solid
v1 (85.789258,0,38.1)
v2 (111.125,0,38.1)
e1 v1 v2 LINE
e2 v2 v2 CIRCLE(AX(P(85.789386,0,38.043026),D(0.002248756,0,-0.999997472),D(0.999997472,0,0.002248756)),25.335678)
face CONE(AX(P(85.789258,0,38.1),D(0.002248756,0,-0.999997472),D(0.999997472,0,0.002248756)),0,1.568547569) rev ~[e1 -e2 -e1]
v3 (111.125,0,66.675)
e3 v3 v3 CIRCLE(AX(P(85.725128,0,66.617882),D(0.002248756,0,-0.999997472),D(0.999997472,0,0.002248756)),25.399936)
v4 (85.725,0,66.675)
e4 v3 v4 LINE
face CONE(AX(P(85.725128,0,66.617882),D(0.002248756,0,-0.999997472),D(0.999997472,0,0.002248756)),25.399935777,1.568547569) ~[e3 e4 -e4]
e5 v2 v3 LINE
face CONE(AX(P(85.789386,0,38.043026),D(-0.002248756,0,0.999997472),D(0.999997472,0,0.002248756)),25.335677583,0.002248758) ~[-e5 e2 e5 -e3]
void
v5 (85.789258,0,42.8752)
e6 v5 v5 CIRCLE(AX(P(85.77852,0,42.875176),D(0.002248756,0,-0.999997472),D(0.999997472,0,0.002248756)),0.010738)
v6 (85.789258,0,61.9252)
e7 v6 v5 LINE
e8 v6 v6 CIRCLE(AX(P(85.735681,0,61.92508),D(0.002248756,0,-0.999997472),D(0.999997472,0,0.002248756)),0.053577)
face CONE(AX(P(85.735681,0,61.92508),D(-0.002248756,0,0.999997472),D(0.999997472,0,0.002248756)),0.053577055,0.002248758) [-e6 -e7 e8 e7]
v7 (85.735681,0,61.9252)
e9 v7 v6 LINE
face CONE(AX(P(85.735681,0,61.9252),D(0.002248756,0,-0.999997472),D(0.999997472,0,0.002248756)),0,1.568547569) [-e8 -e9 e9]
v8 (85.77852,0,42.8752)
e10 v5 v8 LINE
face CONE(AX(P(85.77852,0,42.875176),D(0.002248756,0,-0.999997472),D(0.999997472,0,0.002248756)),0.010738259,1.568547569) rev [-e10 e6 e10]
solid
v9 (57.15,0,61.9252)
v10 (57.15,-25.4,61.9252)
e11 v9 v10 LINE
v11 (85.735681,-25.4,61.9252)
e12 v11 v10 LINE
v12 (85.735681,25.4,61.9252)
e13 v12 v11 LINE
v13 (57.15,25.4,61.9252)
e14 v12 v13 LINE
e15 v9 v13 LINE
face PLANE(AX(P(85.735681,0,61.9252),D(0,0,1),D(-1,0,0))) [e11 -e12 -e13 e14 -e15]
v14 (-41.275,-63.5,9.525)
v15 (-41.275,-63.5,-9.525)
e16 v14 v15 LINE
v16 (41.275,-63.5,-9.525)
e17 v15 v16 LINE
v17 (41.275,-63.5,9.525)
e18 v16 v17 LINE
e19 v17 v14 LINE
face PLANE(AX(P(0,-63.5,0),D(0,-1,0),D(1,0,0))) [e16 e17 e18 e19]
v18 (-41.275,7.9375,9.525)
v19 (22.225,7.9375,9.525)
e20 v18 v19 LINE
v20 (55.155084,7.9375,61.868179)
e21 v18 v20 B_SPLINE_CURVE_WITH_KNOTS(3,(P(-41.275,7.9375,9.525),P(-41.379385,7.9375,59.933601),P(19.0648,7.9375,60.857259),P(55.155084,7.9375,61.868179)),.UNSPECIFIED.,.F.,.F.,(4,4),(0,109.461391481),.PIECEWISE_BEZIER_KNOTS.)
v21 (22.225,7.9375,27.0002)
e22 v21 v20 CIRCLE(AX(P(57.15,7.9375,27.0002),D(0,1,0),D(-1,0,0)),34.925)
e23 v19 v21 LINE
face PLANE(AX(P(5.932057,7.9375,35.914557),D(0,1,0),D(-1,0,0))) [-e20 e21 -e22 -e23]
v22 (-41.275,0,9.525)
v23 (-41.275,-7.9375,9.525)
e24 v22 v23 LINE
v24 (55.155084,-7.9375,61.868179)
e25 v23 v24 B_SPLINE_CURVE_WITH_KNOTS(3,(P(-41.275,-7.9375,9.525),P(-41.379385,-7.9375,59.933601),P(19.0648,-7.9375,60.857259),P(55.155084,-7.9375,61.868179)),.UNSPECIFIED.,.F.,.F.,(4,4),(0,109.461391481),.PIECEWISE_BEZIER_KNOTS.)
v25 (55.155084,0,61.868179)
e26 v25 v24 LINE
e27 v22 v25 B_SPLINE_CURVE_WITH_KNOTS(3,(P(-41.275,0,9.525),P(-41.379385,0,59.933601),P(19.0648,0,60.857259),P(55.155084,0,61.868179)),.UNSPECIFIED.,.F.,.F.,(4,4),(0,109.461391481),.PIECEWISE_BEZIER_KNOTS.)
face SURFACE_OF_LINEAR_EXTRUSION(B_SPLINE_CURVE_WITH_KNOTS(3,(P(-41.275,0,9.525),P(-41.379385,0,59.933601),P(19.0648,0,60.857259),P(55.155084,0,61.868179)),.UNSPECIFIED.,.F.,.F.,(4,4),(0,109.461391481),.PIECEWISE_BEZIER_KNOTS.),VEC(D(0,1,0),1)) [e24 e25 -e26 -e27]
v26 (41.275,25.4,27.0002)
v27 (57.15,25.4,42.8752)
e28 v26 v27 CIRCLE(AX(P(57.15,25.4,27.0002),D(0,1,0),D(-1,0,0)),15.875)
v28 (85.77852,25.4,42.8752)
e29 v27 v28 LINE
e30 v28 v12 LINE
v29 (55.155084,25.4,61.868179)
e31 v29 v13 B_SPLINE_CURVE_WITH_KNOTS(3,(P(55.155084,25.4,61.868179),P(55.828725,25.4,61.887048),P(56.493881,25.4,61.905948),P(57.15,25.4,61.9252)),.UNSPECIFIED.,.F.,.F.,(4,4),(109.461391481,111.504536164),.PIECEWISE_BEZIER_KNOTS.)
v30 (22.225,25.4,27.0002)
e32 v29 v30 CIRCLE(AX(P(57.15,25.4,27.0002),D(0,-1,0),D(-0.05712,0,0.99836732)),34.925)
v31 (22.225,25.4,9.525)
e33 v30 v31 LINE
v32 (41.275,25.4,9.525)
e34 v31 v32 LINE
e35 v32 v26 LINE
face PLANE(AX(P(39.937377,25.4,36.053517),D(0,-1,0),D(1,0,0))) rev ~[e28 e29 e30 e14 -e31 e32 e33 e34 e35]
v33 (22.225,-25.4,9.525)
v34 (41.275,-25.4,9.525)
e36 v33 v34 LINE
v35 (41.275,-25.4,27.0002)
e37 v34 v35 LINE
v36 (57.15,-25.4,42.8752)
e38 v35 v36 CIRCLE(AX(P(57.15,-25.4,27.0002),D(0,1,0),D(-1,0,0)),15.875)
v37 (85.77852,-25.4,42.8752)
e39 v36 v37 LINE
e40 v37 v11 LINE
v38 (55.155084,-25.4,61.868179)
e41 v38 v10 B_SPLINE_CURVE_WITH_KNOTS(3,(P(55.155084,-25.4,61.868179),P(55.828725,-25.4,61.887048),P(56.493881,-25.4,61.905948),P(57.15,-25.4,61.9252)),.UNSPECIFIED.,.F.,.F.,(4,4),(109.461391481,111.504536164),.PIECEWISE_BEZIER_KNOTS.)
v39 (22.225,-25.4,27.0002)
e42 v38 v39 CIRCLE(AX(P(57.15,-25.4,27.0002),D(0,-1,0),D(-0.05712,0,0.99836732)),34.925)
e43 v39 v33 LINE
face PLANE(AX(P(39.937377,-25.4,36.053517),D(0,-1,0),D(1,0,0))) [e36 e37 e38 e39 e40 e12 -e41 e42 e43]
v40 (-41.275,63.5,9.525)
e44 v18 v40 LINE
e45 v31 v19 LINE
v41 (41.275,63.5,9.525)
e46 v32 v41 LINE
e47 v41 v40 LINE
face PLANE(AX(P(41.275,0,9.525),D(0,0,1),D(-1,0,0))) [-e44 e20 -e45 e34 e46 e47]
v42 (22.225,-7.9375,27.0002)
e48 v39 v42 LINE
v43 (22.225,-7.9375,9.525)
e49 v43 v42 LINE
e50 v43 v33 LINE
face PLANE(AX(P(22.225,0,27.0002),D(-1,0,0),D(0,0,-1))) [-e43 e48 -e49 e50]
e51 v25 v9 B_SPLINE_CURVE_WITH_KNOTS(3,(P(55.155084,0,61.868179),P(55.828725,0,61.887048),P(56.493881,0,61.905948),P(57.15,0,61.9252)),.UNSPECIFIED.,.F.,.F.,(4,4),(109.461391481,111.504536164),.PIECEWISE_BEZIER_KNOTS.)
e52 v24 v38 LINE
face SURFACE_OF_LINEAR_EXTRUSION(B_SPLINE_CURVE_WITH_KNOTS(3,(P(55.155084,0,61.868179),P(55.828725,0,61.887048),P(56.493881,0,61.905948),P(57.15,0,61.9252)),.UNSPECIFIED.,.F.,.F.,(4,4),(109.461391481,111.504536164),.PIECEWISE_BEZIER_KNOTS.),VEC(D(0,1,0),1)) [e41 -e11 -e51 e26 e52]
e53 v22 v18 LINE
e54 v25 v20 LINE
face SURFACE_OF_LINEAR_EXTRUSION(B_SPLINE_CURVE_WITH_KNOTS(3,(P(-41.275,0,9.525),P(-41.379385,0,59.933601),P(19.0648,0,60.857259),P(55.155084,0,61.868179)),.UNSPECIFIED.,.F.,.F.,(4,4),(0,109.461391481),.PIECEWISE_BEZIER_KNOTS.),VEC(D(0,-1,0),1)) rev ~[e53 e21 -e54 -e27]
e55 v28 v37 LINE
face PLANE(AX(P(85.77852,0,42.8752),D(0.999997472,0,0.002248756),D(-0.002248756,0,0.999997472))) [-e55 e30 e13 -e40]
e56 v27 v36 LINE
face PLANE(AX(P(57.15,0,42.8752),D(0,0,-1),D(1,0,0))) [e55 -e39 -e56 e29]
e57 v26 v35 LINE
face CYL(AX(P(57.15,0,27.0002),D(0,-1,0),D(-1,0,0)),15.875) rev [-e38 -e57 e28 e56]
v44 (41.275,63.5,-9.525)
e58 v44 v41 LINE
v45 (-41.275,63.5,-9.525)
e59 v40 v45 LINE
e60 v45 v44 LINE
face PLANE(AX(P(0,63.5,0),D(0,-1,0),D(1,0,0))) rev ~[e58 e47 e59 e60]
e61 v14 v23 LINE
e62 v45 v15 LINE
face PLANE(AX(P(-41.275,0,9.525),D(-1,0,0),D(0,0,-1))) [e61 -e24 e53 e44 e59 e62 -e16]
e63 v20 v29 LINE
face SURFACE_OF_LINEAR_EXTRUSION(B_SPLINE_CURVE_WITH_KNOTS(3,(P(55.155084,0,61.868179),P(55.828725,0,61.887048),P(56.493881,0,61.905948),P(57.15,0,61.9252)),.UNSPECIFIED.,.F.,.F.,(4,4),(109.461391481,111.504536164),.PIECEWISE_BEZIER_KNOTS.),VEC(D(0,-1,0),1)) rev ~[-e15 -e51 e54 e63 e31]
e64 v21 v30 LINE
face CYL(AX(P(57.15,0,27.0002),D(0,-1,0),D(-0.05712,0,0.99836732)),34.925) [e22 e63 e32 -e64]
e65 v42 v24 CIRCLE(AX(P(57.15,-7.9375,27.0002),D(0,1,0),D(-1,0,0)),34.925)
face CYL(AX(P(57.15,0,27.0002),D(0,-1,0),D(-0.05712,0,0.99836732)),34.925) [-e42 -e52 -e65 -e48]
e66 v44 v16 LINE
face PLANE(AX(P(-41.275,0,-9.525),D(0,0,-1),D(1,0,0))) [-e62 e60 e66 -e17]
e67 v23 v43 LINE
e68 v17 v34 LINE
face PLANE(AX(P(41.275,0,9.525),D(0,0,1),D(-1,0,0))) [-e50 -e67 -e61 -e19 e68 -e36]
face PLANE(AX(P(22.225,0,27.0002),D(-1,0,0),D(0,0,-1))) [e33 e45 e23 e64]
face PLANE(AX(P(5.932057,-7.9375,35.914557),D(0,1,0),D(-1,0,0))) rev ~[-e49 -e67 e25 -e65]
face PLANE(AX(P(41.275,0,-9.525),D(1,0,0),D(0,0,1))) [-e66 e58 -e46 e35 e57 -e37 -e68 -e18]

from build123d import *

# Parameters (mm, degrees)
F1_DEPTH = 63.5
F2_DEPTH = 25.4
F3_DEPTH = 7.9375


with BuildPart() as f1:
    # F0 (on Front) → F1 (new body, symmetric)
    with BuildSketch(Plane.XZ):
        Polygon((22.225, 9.525), (-41.275, 9.525), (-41.275, -9.525), (41.275, -9.525), (41.275, 9.525), align=None)
    extrude(amount=F1_DEPTH, both=True)

    # F0 (on Front) → F2 (join, symmetric)
    with BuildSketch(Plane.XZ):
        with BuildLine():
            Line((22.225, 27.0002), (22.225, 9.525))
            Line((22.225, 9.525), (41.275, 9.525))
            Line((41.275, 9.525), (41.275, 27.0002))
            ThreePointArc((41.275, 27.0002), (45.9246798487, 38.2255201513), (57.15, 42.8752))
            Line((57.15, 42.8752), (60.325, 42.8752))
            Line((60.325, 42.8752), (60.325, 61.9252))
            Line((60.325, 61.9252), (57.15, 61.9252))
            add(Edge.make_bspline(
                [(55.1550839927, 61.8681786498), (55.8287248992, 61.8870479085), (56.4938809422, 61.905947569), (57.15, 61.9252)],
                knots=[109.4613914809, 109.4613914809, 109.4613914809, 109.4613914809, 111.5045361635, 111.5045361635, 111.5045361635, 111.5045361635], degree=3))
            ThreePointArc((55.1550839927, 61.8681786498), (31.7587803901, 50.9802248483), (22.225, 27.0002))
        make_face()
        Polygon((85.735681167, 61.9252), (60.325, 61.9252), (60.325, 42.8752), (85.725, 42.8752), (85.7785200719, 42.8752), align=None)
    extrude(amount=F2_DEPTH, both=True)

    # F0 (on Front) → F3 (join, symmetric)
    with BuildSketch(Plane.XZ):
        with BuildLine():
            add(Edge.make_bspline(
                [(-41.275, 9.525), (-41.3793846384, 59.9336008286), (19.0648004183, 60.8572588993), (55.1550839927, 61.8681786498)],
                knots=[0, 0, 0, 0, 109.4613914809, 109.4613914809, 109.4613914809, 109.4613914809], degree=3))
            Line((-41.275, 9.525), (22.225, 9.525))
            Line((22.225, 9.525), (22.225, 27.0002))
            ThreePointArc((22.225, 27.0002), (31.7587803901, 50.9802248483), (55.1550839927, 61.8681786498))
        make_face()
    extrude(amount=F3_DEPTH, both=True)


with BuildPart() as f4:
    # F0 (on Front) → F4 (revolve)
    with BuildSketch(Plane.XZ):
        Polygon((85.725, 66.675), (85.735681167, 61.9252), (85.7892583575, 61.9252), (85.7892583575, 42.8752), (85.7785200719, 42.8752), (85.7892583575, 38.1), (111.125, 38.1), (111.125, 66.675), align=None)
    revolve(axis=Axis((85.7571291787, 0, 52.3875), (0.0022487557, 0, -0.9999974715)))


solid = Compound([f1.part, f4.part])
